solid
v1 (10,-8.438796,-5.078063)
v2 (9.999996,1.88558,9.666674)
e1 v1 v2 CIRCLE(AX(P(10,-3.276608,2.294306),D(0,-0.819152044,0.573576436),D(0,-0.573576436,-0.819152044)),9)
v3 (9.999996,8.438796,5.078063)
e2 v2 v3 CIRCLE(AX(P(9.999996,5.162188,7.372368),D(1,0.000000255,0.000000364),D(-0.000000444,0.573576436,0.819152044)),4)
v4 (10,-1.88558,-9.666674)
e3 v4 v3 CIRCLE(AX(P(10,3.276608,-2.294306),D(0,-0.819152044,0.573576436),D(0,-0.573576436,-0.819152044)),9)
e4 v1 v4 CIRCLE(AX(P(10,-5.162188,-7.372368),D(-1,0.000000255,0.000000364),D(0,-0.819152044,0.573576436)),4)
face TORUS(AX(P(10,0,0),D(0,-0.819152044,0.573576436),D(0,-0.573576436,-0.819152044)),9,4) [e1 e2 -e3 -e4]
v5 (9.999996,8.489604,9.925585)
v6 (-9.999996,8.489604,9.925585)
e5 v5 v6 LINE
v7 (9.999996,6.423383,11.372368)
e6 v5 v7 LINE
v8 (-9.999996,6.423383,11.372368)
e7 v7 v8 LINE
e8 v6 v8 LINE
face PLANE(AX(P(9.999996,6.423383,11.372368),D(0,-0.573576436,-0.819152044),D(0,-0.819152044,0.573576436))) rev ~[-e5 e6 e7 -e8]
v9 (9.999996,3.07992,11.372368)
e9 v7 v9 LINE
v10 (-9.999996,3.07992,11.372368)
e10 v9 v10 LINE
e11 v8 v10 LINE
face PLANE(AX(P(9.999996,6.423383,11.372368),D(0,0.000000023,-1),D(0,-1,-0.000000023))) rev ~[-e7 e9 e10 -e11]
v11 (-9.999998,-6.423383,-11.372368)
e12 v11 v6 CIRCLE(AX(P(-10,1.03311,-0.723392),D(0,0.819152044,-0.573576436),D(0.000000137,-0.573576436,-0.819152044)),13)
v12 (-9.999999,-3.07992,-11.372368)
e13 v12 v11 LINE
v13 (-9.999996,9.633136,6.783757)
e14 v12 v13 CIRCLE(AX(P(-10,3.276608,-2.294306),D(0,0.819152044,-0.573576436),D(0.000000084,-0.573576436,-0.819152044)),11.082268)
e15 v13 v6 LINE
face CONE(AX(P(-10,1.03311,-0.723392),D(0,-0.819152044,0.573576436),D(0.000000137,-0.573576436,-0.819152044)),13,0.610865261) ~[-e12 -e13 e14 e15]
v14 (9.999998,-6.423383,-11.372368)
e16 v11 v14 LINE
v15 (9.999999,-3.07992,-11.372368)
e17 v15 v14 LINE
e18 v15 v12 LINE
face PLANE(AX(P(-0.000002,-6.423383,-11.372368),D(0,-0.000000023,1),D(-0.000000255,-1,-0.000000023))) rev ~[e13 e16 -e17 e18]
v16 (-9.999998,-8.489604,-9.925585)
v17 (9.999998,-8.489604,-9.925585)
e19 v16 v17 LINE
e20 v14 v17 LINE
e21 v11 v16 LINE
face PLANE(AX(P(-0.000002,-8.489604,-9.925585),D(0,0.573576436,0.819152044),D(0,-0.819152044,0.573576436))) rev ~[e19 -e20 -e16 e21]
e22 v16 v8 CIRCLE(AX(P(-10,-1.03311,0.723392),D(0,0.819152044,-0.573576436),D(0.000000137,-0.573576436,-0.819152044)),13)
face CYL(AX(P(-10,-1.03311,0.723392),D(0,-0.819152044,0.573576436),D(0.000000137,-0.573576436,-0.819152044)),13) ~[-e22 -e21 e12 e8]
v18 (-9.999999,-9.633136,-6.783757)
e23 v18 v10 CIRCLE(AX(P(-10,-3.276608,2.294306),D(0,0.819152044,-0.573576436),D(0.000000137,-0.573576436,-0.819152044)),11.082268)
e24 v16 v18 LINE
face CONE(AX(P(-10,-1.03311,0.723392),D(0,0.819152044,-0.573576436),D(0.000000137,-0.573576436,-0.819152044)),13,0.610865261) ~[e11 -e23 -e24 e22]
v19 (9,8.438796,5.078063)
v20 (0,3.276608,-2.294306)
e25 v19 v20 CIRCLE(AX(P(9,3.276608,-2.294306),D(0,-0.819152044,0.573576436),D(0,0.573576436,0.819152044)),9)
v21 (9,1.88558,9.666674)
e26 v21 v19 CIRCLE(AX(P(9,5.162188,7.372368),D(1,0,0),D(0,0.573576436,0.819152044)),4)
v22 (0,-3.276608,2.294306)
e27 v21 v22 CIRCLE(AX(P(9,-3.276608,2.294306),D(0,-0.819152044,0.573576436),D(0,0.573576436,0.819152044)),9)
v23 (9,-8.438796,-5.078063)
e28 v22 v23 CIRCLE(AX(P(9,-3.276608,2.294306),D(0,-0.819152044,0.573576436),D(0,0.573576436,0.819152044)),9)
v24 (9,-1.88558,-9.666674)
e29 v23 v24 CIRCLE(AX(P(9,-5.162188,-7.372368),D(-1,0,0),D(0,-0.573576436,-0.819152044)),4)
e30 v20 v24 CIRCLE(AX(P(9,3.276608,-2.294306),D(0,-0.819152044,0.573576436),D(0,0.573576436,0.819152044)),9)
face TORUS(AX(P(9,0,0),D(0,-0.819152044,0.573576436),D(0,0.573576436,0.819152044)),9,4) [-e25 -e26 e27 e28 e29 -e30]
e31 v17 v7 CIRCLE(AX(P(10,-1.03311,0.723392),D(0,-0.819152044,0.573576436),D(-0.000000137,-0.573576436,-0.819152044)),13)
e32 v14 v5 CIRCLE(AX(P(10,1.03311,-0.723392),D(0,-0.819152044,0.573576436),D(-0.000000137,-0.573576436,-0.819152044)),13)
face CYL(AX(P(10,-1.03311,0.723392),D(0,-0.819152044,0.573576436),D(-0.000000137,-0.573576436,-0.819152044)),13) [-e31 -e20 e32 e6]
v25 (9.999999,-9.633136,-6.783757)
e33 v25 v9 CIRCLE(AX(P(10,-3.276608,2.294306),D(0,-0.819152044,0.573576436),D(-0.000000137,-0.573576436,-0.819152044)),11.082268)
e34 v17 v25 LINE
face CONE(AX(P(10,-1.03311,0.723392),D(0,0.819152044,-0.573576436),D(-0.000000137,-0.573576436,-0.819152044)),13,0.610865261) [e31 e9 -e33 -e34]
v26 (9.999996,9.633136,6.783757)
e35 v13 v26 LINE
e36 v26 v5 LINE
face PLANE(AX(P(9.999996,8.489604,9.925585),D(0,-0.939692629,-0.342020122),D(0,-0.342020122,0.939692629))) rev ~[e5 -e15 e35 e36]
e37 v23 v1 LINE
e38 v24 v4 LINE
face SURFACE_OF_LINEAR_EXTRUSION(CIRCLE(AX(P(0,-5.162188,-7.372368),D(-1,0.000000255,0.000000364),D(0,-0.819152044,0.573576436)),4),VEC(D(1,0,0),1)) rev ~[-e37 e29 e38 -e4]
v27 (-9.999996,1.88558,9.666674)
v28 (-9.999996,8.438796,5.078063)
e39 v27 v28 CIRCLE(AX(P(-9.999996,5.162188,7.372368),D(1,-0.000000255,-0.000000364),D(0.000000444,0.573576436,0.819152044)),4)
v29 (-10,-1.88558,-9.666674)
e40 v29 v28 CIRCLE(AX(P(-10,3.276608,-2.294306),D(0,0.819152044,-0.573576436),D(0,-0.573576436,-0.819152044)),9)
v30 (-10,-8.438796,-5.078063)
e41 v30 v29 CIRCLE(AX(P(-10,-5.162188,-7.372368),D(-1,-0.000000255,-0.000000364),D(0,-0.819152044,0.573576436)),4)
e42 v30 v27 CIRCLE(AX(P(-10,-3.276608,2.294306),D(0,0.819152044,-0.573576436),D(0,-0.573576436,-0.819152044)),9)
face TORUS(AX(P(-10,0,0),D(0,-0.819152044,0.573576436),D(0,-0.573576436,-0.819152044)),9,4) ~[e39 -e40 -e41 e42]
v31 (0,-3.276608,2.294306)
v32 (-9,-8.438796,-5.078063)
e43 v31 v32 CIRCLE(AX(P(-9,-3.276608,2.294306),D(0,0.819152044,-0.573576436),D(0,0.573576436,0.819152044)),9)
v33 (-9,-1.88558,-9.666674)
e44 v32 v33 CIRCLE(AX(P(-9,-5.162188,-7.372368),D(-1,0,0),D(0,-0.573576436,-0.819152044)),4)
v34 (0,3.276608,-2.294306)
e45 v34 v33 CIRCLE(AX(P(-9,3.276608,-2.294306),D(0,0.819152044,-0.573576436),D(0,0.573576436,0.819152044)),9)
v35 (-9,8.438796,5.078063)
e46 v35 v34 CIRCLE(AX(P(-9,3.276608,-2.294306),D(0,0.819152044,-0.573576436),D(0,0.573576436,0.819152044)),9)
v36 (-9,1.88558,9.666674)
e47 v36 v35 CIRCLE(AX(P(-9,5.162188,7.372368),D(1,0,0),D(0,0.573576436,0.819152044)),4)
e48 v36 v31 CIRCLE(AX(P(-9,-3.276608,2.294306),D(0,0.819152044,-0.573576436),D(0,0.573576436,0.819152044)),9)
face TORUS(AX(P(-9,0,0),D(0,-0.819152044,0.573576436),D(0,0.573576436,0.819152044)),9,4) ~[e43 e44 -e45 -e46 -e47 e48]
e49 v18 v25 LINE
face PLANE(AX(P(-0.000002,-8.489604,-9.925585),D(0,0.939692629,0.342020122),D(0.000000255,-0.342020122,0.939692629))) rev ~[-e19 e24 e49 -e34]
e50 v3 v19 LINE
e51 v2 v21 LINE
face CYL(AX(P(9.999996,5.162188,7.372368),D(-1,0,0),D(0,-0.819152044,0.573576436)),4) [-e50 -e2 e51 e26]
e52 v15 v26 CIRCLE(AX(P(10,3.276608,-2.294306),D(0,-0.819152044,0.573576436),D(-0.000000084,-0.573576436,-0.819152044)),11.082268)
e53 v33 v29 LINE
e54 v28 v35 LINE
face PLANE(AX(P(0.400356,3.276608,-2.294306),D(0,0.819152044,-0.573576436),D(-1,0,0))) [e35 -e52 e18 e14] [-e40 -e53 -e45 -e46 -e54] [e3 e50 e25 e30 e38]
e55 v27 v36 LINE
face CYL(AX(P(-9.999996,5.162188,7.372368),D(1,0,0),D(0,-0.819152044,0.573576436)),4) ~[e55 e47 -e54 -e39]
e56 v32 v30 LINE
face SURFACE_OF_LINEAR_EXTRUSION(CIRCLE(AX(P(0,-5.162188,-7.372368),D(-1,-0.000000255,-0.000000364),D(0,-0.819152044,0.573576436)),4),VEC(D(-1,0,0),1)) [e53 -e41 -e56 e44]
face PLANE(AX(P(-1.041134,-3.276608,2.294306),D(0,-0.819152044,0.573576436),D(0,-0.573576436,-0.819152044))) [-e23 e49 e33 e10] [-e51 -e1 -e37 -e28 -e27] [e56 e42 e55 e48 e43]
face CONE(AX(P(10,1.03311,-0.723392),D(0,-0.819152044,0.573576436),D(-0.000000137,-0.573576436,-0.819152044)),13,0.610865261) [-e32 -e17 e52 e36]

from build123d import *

# Parameters (mm, degrees)
PAD002_DEPTH           = 4
SKETCH020_W            = 5
SKETCH020_H            = 30
POCKET003_DEPTH        = 4.001
POCKET003_DEPTH_BACK   = 4.001
FUSION_PLACEMENT_ANGLE = 35


with BuildPart() as fatlink:
    # AdditivePipe003: sweep along a path in Sketch015
    with BuildLine(Plane.XZ) as additivepipe003_path:
        Line((0, -9), (10, -9))
        ThreePointArc((10, -9), (19, 2e-06), (9.999996, 9))
        Line((9.999996, 9), (0, 9))
    # Sketch016 → AdditivePipe003 (sweep)
    with BuildSketch(Plane.YZ):
        with BuildLine():
            ThreePointArc((-4, 9), (0, 5), (4, 9))
            Line((4, 11.082268), (4, 9))
            Line((1.261195, 13), (4, 11.082268))
            Line((-1.261195, 13), (1.261195, 13))
            Line((-1.261195, 13), (-4, 11.082268))
            Line((-4, 9), (-4, 11.082268))
        make_face()
    sweep(path=additivepipe003_path.line)

    # AdditivePipe004: sweep along a path in Sketch017
    with BuildLine(Plane.XZ) as additivepipe004_path:
        ThreePointArc((9, 9), (0, 0), (9, -9))
    # Sketch018 → AdditivePipe004 (sweep)
    with BuildSketch(Plane.YZ.offset(9)):
        with BuildLine():
            ThreePointArc((-4, 9), (0, 5), (4, 9))
            Line((4, 11.082268), (4, 9))
            Line((1.261195, 13), (4, 11.082268))
            Line((-1.261195, 13), (1.261195, 13))
            Line((-1.261195, 13), (-4, 11.082268))
            Line((-4, 9), (-4, 11.082268))
        make_face()
    sweep(path=additivepipe004_path.line)

    # Sketch019 → Pad002 (new body, symmetric)
    with BuildSketch(Plane.XZ):
        with BuildLine():
            Line((0, 10), (3.5, 10))
            Line((3.5, 10), (3.5, 8.351647))
            ThreePointArc((3.5, 8.351647), (-1, 0), (3.5, -8.351647))
            Line((3.5, -8.351647), (3.5, -10))
            Line((3.5, -10), (0, -10))
            Line((0, -10), (-2, 0))
            Line((0, 10), (-2, 0))
        make_face()
    extrude(amount=PAD002_DEPTH, both=True)

    # Sketch020 → Pocket003 (cut, two sides)
    with BuildSketch(Plane.XZ) as pocket003_sk:
        with Locations((-2.5, 0)):
            Rectangle(SKETCH020_W, SKETCH020_H)
    extrude(amount=-POCKET003_DEPTH, mode=Mode.SUBTRACT)
    extrude(pocket003_sk.sketch, amount=POCKET003_DEPTH_BACK, mode=Mode.SUBTRACT)


with BuildPart() as fat_link:
    # Part__Mirroring: instance of FatLink
    add(fatlink.part.mirror(Plane(origin=(0, 0, 0), x_dir=(0, -1, 0), z_dir=(1, 0, 0))))

    # Fusion: union FatLink
    add(fatlink.part)


with BuildPart() as fat_link_1:
    # Fusion placement: moved
    add(fat_link.part.rotate(Axis((0, 0, 0), (-1, 0, 0)), FUSION_PLACEMENT_ANGLE))


solid = fat_link_1.part
